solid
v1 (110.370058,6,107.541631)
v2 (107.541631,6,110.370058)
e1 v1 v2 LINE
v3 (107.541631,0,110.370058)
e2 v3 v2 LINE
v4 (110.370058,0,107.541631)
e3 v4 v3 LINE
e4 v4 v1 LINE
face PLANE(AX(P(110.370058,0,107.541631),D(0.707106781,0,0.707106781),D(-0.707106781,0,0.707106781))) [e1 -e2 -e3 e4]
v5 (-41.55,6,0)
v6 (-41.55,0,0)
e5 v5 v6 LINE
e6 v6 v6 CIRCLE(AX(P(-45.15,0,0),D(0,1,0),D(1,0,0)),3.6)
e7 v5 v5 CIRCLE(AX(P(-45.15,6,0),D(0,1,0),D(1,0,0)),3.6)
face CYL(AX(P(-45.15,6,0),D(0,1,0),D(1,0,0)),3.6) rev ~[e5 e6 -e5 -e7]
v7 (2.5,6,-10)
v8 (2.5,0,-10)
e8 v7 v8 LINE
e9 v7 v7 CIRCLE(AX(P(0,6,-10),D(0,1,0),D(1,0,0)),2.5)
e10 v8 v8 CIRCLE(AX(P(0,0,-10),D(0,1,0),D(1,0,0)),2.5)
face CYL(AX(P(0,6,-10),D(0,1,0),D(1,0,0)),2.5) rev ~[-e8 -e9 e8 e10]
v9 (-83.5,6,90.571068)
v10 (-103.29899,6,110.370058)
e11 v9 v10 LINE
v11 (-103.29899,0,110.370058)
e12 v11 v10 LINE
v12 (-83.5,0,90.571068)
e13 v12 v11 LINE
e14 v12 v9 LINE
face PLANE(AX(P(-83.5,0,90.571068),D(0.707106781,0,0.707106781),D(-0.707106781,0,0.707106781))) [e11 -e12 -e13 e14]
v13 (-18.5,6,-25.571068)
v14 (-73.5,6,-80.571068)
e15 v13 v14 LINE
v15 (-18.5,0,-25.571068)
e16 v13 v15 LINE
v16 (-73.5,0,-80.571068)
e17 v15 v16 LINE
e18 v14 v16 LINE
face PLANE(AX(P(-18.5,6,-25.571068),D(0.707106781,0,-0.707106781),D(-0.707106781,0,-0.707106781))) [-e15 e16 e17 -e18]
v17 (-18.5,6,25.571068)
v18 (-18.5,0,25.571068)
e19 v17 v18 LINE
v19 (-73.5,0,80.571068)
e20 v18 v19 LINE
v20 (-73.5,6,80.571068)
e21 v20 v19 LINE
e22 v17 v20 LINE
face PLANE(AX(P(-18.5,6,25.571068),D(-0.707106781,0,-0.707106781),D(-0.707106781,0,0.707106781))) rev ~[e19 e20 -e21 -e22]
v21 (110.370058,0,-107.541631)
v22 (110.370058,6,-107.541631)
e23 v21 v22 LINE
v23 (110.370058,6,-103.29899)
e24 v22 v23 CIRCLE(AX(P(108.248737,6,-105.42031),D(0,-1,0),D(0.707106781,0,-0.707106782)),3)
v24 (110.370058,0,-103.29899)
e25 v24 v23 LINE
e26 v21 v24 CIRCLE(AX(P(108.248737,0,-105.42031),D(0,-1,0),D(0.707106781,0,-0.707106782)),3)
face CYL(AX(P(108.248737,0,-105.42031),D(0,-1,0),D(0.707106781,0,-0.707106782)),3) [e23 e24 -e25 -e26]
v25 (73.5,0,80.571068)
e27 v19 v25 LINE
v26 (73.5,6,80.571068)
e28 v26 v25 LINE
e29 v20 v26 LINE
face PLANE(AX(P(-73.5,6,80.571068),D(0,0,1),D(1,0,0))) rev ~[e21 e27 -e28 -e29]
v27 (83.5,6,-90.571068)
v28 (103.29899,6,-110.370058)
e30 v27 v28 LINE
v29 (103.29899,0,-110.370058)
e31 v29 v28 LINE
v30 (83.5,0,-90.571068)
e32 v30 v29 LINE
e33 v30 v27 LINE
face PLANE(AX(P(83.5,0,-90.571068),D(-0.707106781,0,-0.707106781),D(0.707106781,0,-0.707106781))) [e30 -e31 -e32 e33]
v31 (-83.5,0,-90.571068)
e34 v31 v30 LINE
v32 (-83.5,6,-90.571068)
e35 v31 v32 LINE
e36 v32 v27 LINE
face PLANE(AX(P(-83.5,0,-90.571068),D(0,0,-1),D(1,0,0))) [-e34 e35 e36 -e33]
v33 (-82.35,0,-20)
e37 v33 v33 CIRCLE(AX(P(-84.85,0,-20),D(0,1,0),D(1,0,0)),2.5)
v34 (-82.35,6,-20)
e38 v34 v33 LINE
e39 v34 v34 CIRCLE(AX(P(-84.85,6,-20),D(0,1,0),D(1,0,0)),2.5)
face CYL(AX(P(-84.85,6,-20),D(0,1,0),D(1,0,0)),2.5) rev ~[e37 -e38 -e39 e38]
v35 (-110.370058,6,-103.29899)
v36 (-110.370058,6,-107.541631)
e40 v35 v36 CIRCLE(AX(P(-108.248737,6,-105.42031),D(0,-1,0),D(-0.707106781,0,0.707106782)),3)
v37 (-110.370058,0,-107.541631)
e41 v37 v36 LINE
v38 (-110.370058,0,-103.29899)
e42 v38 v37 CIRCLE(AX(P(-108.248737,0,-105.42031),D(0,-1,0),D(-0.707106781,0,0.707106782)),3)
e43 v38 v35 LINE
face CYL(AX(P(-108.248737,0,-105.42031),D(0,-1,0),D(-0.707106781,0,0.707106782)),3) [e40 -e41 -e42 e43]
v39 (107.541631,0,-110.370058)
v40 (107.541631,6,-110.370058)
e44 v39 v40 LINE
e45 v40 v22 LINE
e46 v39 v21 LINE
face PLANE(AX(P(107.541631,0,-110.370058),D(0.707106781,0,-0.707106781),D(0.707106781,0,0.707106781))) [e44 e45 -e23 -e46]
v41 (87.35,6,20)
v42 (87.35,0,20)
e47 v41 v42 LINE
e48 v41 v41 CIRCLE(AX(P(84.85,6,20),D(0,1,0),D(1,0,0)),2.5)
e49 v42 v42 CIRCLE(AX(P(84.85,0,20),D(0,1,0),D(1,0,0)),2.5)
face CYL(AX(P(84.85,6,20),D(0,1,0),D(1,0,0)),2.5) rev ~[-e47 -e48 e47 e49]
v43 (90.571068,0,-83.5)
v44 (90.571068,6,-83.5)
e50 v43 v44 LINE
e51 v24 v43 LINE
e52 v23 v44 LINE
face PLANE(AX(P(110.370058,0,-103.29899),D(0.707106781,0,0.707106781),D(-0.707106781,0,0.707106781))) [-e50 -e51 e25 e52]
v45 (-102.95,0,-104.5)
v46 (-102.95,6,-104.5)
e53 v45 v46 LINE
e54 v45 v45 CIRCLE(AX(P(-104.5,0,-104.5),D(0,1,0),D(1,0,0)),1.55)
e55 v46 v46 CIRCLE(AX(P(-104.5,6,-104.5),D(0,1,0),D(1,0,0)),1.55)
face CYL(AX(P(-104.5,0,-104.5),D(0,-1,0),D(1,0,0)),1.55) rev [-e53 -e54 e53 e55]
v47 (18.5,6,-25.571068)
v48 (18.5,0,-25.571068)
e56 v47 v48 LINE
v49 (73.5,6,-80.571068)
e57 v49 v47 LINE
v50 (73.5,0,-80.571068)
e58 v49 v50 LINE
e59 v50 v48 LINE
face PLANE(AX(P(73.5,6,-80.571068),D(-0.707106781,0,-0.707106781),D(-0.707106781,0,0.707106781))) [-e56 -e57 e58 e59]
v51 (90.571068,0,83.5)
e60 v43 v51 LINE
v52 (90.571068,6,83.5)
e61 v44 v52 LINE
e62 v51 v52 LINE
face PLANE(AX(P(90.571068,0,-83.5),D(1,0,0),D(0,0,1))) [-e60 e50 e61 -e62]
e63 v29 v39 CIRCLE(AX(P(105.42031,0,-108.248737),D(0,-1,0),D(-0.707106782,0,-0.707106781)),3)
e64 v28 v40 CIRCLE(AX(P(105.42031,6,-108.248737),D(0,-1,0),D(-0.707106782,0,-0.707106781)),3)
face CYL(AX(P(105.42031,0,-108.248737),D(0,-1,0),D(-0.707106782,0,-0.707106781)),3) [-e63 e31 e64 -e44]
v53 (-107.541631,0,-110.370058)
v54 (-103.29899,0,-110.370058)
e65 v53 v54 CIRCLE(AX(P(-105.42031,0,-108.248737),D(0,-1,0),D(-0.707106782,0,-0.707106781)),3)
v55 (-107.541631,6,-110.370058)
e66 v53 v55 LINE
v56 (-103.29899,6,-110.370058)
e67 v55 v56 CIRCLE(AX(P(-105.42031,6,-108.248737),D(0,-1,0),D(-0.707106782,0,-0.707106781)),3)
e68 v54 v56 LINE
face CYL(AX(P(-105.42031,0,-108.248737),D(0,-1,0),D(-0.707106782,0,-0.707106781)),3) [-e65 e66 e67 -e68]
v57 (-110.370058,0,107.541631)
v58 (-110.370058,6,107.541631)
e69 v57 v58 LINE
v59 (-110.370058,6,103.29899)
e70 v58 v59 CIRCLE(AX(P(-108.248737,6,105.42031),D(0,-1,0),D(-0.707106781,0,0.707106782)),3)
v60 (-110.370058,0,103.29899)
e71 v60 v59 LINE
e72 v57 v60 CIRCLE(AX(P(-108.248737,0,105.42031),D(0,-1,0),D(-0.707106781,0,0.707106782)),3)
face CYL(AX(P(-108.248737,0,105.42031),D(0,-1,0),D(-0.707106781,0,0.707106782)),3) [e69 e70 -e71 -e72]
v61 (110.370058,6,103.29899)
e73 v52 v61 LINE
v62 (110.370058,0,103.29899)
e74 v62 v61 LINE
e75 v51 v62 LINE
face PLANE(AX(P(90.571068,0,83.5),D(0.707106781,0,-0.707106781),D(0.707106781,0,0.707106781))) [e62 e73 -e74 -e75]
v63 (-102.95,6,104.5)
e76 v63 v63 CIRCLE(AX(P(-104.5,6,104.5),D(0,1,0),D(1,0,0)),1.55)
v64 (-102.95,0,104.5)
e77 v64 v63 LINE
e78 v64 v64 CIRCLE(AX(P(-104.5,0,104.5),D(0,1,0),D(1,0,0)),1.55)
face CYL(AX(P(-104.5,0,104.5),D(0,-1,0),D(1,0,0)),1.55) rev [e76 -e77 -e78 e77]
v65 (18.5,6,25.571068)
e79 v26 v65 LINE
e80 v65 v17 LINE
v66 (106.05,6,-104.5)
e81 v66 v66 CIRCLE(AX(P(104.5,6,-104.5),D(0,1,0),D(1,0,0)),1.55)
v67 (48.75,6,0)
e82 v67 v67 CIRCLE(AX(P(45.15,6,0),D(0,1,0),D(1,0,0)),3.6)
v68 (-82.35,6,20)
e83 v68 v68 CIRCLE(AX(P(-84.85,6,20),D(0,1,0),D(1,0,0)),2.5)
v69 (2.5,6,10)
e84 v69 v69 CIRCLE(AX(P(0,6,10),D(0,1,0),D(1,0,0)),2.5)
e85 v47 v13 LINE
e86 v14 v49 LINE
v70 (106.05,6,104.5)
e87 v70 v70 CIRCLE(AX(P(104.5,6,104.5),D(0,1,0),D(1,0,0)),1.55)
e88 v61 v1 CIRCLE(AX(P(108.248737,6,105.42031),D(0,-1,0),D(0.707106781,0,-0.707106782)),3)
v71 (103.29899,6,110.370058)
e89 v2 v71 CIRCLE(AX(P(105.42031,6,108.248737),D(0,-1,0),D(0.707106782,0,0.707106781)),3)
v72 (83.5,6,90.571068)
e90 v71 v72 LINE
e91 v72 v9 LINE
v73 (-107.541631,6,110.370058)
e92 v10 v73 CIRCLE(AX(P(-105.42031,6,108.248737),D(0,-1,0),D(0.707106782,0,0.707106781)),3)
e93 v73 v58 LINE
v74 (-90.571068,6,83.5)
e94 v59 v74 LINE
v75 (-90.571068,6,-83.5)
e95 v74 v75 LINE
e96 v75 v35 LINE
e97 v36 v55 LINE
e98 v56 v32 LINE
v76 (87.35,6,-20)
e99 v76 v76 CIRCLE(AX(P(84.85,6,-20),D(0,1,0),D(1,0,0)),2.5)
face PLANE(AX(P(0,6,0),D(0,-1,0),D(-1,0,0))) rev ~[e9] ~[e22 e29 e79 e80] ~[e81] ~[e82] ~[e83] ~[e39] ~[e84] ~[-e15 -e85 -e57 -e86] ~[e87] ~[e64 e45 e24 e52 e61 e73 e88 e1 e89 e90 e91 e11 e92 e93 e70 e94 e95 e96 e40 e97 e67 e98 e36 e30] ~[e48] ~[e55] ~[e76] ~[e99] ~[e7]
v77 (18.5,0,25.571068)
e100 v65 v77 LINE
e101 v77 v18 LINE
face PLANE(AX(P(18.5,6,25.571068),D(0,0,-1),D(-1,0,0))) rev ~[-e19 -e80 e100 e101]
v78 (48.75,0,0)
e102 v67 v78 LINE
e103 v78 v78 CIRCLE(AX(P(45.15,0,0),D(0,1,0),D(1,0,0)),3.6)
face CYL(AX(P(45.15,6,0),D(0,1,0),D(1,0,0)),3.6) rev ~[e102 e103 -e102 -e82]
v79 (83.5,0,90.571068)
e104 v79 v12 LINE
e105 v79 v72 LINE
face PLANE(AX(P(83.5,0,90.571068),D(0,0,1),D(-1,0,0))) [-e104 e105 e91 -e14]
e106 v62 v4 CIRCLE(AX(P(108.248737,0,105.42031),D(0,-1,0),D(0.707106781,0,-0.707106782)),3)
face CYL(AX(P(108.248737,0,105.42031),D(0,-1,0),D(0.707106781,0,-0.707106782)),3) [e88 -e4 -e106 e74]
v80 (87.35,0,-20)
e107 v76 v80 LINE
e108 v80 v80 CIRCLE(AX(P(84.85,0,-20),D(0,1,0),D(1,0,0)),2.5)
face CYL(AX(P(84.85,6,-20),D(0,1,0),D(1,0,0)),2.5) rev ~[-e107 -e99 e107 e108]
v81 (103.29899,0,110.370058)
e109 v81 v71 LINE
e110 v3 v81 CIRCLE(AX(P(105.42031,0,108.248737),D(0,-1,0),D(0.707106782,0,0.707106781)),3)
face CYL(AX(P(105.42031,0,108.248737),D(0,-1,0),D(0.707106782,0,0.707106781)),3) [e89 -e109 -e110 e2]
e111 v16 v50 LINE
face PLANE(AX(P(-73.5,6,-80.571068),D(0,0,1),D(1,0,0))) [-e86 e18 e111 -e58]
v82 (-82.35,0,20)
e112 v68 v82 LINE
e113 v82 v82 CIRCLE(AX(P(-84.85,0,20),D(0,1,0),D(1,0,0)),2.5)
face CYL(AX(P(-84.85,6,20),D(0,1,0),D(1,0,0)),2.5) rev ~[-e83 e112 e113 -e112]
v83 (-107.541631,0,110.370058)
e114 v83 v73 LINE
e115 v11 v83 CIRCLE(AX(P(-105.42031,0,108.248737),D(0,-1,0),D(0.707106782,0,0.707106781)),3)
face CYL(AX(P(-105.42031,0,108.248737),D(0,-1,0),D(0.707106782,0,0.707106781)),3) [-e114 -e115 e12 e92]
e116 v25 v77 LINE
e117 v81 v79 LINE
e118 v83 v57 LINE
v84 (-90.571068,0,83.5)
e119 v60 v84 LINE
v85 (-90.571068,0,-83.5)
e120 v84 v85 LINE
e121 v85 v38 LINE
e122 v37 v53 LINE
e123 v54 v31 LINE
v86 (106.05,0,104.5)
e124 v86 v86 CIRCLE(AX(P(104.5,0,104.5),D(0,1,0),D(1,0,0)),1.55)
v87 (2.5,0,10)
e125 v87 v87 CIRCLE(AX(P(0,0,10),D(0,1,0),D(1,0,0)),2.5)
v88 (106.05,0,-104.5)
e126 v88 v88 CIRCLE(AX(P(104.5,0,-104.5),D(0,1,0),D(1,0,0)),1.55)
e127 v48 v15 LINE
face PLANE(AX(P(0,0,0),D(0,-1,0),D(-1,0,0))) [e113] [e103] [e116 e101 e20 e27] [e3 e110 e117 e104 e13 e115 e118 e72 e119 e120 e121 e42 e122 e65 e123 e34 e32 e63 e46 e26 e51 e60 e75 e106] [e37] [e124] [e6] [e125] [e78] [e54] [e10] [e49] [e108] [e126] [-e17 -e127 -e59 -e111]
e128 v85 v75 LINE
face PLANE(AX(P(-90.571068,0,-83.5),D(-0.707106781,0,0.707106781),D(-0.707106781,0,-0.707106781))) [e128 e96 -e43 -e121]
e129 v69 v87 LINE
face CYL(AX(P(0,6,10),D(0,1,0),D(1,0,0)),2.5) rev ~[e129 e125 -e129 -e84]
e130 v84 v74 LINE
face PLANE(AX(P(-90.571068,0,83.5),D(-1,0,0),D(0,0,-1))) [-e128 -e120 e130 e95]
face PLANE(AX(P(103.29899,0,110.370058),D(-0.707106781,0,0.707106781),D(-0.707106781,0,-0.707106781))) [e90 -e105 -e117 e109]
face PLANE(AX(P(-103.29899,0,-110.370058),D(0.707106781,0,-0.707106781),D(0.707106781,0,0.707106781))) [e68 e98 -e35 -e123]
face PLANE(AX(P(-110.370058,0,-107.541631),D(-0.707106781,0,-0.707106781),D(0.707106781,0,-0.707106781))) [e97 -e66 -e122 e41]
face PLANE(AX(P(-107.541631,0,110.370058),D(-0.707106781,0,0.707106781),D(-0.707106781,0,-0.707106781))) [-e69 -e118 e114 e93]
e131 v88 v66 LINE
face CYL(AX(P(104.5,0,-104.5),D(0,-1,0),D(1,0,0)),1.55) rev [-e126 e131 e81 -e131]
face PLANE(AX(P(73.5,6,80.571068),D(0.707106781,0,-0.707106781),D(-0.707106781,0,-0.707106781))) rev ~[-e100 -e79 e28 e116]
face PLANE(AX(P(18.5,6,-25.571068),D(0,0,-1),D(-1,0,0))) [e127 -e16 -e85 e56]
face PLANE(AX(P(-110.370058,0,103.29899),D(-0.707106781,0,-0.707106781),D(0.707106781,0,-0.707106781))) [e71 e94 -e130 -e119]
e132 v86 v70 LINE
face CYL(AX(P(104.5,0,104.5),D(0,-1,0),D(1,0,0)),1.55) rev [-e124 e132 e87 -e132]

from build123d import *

# Parameters (mm, degrees)
BOSS_EXTRUDE2_DEPTH = 6
SKETCH1_6_R         = 1.55
CUT_EXTRUDE4_DEPTH  = 6
SKETCH2_R           = 2.5
SKETCH2_R_2         = 3.6
CUT_EXTRUDE5_DEPTH  = 6
SKETCH3_R           = 2.5
CUT_EXTRUDE6_DEPTH  = 6
CUT_EXTRUDE7_DEPTH  = 6


with BuildPart() as part:
    # Sketch1 → Boss-Extrude2 (new body)
    with BuildSketch(Plane(origin=(0, 0, 0), x_dir=(1, 0, 0), z_dir=(0, 1, 0))):
        with BuildLine():
            Line((-83.5, 90.571067812), (83.5, 90.571067812))
            Line((83.5, 90.571067812), (103.298989873, 110.370057685))
            ThreePointArc((103.298989873, 110.370057685), (105.420310217, 111.248737342), (107.54163056, 110.370057685))
            Line((107.54163056, 110.370057685), (110.370057685, 107.54163056))
            ThreePointArc((110.370057685, 107.54163056), (111.248737342, 105.420310217), (110.370057685, 103.298989873))
            Line((110.370057685, 103.298989873), (90.571067812, 83.5))
            Line((90.571067812, 83.5), (90.571067812, -83.5))
            Line((90.571067812, -83.5), (110.370057685, -103.298989873))
            ThreePointArc((110.370057685, -103.298989873), (111.248737342, -105.420310217), (110.370057685, -107.54163056))
            Line((110.370057685, -107.54163056), (107.54163056, -110.370057685))
            ThreePointArc((107.54163056, -110.370057685), (105.420310217, -111.248737342), (103.298989873, -110.370057685))
            Line((103.298989873, -110.370057685), (83.5, -90.571067812))
            Line((83.5, -90.571067812), (-83.5, -90.571067812))
            Line((-83.5, -90.571067812), (-103.298989873, -110.370057685))
            ThreePointArc((-103.298989873, -110.370057685), (-105.420310217, -111.248737342), (-107.54163056, -110.370057685))
            Line((-107.54163056, -110.370057685), (-110.370057685, -107.54163056))
            ThreePointArc((-110.370057685, -107.54163056), (-111.248737342, -105.420310217), (-110.370057685, -103.298989873))
            Line((-110.370057685, -103.298989873), (-90.571067812, -83.5))
            Line((-90.571067812, -83.5), (-90.571067812, 83.5))
            Line((-90.571067812, 83.5), (-110.370057685, 103.298989873))
            ThreePointArc((-110.370057685, 103.298989873), (-111.248737342, 105.420310217), (-110.370057685, 107.54163056))
            Line((-110.370057685, 107.54163056), (-107.54163056, 110.370057685))
            ThreePointArc((-107.54163056, 110.370057685), (-105.420310217, 111.248737342), (-103.298989873, 110.370057685))
            Line((-103.298989873, 110.370057685), (-83.5, 90.571067812))
        make_face()
    extrude(amount=BOSS_EXTRUDE2_DEPTH)

    # Sketch1<6> → Cut-Extrude4 (cut)
    with BuildSketch(Plane(origin=(0, 0, 0), x_dir=(1, 0, 0), z_dir=(0, 1, 0))):
        with Locations((-104.5, 104.5)):
            Circle(SKETCH1_6_R)
        with Locations((104.5, 104.5)):
            Circle(SKETCH1_6_R)
        with Locations((104.5, -104.5)):
            Circle(SKETCH1_6_R)
        with Locations((-104.5, -104.5)):
            Circle(SKETCH1_6_R)
    extrude(amount=CUT_EXTRUDE4_DEPTH, mode=Mode.SUBTRACT)

    # Sketch2 → Cut-Extrude5 (cut)
    with BuildSketch(Plane(origin=(0, 6, 0), x_dir=(1, 0, 0), z_dir=(0, 1, 0))):
        with Locations((-84.85, 20)):
            Circle(SKETCH2_R)
        with Locations((-84.85, -20)):
            Circle(SKETCH2_R)
        with Locations((45.15, 0)):
            Circle(SKETCH2_R_2)
        with Locations((84.85, -20)):
            Circle(SKETCH2_R)
        with Locations((-45.15, 0)):
            Circle(SKETCH2_R_2)
        with Locations((84.85, 20)):
            Circle(SKETCH2_R)
    extrude(amount=-CUT_EXTRUDE5_DEPTH, mode=Mode.SUBTRACT)

    # Sketch3 → Cut-Extrude6 (cut)
    with BuildSketch(Plane(origin=(0, 6, 0), x_dir=(1, 0, 0), z_dir=(0, 1, 0))):
        with Locations((0, 10)):
            Circle(SKETCH3_R)
        with Locations((0, -10)):
            Circle(SKETCH3_R)
    extrude(amount=-CUT_EXTRUDE6_DEPTH, mode=Mode.SUBTRACT)

    # Sketch4 → Cut-Extrude7 (cut)
    with BuildSketch(Plane(origin=(0, 6, 0), x_dir=(1, 0, 0), z_dir=(0, 1, 0))):
        Polygon((-73.5, 80.571067812), (73.5, 80.571067812), (18.5, 25.571067812), (-18.5, 25.571067812), align=None)
        Polygon((73.5, -80.571067812), (18.5, -25.571067812), (-18.5, -25.571067812), (-73.5, -80.571067812), align=None)
    extrude(amount=-CUT_EXTRUDE7_DEPTH, mode=Mode.SUBTRACT)


solid = part.part
